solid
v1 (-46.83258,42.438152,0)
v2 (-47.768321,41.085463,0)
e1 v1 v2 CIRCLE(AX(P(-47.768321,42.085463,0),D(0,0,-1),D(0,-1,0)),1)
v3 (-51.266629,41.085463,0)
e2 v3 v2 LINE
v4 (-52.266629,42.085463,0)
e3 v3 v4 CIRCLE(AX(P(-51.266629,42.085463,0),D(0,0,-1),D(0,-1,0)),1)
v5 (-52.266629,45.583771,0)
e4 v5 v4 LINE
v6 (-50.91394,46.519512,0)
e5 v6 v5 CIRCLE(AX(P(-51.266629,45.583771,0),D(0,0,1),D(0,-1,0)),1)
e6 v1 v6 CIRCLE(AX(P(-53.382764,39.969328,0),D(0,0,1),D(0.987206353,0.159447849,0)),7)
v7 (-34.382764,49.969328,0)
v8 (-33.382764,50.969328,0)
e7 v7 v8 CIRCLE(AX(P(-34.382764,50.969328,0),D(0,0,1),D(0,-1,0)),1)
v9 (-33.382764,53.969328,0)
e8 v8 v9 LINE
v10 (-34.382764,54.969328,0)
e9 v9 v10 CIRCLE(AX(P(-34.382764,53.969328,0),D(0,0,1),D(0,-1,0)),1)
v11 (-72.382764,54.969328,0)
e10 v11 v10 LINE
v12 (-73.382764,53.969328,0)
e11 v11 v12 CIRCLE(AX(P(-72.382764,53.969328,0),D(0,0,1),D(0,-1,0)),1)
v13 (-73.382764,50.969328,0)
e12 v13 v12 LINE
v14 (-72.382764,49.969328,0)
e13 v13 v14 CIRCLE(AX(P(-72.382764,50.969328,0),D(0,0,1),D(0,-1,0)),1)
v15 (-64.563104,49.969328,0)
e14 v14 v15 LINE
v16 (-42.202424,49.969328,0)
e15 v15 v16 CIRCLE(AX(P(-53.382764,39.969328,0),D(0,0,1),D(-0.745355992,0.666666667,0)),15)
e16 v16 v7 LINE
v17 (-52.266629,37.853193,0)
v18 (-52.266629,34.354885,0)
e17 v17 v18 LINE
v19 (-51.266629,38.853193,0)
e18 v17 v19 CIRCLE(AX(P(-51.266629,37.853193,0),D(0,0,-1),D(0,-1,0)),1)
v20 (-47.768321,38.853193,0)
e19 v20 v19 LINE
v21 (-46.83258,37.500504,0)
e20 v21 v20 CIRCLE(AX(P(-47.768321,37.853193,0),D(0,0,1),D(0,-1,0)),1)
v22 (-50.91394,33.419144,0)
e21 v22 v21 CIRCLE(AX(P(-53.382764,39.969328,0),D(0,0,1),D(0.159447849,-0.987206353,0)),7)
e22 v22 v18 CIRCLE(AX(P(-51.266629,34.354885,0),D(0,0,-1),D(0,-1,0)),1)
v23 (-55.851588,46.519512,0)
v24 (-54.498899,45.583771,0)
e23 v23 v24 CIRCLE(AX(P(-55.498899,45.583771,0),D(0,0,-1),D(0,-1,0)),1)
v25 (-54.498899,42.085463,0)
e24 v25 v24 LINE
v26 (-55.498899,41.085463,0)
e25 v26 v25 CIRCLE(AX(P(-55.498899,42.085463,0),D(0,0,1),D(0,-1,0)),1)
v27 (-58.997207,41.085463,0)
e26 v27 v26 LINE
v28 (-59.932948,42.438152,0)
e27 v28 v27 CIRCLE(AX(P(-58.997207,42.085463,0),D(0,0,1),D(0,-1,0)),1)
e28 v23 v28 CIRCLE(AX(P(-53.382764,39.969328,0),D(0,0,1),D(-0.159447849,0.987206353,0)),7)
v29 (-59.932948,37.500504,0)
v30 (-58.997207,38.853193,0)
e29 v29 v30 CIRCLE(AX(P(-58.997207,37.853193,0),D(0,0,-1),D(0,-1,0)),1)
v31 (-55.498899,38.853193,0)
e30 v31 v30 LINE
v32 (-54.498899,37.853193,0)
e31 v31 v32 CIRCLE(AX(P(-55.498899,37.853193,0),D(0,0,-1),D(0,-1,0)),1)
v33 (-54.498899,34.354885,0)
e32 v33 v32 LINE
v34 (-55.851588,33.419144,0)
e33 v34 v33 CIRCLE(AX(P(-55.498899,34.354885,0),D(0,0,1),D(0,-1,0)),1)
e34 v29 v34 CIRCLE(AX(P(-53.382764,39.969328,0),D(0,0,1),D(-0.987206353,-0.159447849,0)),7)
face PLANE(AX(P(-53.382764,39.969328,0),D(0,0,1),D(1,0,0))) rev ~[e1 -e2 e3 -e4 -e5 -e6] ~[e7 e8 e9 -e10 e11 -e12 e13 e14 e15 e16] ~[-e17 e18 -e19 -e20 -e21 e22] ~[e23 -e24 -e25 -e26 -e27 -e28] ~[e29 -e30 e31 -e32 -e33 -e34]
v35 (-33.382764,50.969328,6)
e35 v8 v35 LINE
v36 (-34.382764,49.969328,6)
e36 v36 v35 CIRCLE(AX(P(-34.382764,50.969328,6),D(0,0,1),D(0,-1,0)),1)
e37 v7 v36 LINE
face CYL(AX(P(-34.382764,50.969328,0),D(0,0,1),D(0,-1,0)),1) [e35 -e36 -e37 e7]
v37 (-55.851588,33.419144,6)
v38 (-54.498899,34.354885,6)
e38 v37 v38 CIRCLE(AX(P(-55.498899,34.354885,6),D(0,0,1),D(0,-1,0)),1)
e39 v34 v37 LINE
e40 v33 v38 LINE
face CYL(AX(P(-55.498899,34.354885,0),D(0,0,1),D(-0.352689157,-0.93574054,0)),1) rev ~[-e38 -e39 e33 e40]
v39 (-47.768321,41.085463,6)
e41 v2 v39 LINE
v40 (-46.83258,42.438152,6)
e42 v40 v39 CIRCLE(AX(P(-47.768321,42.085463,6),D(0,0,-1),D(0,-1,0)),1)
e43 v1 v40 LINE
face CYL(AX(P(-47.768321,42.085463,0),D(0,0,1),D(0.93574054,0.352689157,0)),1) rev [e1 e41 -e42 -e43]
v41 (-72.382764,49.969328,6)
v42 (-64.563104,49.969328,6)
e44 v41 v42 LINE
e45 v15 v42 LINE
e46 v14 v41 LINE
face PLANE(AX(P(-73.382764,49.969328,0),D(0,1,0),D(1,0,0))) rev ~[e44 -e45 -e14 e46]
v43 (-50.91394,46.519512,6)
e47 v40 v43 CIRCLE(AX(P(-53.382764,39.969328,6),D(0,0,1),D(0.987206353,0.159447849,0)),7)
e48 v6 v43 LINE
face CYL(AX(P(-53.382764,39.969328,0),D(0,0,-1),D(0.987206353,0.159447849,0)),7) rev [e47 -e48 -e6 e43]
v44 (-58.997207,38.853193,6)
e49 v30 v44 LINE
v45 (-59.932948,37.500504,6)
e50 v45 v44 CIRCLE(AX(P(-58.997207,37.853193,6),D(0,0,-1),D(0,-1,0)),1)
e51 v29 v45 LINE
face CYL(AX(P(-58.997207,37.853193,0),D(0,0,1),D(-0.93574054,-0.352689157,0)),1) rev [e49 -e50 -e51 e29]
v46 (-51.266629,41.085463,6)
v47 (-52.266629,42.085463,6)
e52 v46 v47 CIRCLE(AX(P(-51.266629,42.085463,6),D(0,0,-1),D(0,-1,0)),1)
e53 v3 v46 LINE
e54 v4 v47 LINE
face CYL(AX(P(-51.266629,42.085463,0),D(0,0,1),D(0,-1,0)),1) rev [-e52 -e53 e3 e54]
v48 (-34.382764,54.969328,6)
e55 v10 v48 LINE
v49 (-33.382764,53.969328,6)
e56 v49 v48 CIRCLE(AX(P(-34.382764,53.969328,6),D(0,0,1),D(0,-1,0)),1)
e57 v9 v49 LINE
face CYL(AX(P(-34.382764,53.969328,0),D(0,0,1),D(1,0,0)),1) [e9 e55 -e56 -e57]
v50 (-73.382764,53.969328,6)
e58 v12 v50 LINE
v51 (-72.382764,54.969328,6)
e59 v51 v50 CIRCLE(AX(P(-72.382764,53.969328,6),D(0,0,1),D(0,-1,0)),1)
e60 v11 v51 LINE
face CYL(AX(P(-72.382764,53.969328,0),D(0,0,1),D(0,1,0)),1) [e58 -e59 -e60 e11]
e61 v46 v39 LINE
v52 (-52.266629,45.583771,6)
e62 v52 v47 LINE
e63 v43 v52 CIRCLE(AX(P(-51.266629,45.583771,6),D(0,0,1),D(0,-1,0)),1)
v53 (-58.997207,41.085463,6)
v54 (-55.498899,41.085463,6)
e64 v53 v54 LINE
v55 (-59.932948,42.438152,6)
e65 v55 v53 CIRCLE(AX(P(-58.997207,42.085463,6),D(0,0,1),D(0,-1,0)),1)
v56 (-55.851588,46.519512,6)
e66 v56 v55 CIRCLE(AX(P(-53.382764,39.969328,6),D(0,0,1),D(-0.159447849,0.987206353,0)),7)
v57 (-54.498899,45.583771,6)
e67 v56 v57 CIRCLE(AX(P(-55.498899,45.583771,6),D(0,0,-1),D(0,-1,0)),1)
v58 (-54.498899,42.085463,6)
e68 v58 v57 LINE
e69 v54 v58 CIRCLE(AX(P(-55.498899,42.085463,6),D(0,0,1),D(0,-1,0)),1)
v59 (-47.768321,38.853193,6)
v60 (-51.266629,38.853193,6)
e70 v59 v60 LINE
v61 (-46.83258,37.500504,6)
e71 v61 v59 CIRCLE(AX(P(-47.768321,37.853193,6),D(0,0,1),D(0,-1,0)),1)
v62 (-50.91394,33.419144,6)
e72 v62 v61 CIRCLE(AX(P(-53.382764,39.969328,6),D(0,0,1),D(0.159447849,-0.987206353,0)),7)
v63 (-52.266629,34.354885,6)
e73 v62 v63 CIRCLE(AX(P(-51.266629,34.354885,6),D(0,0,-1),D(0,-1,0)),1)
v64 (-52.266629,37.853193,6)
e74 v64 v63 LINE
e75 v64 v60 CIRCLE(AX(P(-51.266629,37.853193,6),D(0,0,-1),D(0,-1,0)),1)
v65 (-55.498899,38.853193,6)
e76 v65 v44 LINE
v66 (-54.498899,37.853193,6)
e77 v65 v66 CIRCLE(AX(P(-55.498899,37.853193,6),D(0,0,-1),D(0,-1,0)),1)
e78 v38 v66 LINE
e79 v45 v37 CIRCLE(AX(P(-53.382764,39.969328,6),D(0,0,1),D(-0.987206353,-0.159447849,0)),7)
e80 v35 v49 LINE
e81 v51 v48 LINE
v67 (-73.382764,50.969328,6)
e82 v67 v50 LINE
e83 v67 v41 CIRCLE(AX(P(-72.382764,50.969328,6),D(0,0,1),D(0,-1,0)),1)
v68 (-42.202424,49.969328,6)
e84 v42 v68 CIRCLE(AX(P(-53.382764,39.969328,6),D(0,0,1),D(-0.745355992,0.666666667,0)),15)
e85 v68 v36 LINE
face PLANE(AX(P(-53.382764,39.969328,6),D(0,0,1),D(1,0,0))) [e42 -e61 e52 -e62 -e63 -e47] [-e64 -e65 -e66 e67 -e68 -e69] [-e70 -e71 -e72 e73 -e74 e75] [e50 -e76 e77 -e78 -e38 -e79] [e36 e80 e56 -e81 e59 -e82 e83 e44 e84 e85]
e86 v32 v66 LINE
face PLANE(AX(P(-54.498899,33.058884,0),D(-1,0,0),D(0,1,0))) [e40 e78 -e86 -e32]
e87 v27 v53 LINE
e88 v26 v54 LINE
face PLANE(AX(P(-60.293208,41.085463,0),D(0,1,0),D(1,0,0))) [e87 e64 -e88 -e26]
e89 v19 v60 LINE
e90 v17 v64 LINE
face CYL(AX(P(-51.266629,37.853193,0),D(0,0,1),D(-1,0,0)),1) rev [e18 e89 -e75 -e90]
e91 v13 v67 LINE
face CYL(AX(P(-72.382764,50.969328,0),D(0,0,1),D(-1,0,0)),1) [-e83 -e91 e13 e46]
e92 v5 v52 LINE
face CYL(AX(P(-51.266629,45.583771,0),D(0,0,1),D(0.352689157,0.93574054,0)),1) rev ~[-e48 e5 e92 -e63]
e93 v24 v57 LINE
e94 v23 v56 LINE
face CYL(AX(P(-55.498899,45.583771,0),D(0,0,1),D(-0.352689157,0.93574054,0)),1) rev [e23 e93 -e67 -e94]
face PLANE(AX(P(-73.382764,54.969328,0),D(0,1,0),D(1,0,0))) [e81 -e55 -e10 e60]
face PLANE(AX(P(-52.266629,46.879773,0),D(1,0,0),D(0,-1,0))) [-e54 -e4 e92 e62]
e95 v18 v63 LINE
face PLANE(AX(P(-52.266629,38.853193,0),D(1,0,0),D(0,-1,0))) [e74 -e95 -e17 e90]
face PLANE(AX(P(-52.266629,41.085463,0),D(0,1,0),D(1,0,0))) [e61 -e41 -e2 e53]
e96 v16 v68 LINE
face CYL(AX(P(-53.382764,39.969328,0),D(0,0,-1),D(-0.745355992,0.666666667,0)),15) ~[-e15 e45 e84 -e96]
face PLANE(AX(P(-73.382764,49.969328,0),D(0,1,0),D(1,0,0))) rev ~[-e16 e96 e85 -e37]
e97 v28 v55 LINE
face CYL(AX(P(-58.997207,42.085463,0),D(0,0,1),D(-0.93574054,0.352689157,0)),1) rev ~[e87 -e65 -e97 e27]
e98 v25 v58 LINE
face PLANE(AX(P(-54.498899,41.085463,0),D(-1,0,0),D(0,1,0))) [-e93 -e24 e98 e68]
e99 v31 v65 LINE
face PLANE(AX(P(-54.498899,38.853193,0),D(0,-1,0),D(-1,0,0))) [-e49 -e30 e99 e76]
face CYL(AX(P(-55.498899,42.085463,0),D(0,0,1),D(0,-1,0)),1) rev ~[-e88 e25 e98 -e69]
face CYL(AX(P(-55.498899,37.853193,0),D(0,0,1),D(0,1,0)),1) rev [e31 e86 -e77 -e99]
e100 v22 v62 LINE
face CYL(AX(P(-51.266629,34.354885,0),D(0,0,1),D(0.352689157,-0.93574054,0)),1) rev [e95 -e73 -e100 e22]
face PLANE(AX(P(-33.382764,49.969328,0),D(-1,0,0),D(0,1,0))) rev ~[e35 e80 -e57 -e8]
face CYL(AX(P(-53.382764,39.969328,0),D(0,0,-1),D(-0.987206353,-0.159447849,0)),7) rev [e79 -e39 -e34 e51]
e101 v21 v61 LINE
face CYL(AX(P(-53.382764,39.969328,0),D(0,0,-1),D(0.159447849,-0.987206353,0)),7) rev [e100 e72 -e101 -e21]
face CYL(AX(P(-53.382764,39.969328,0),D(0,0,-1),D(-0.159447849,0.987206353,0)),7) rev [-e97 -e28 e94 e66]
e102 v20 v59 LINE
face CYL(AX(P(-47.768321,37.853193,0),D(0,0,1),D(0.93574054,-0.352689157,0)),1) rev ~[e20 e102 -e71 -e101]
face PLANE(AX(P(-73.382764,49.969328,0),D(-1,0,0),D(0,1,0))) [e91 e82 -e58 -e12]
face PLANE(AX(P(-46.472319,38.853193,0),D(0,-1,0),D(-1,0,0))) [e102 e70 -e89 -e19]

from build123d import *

# Parameters (mm, degrees)
SKETCH2_W           = 40
SKETCH2_H           = 5
SKETCH2_R           = 10
BOSS_EXTRUDE2_DEPTH = 6
FILLET1_R           = 1
FILLET2_R           = 1
FILLET3_R           = 1


with BuildPart() as part:
    # Sketch2 → Boss-Extrude2 (new body)
    # profile 1 of 3: a face of its own
    with BuildSketch(Plane.XY):
        with BuildLine():
            ThreePointArc((-64.563103681, 49.969328221), (-53.382763794, 24.969328221), (-42.202423906, 49.969328221))
            Line((-42.202423906, 49.969328221), (-53.382763794, 49.969328221))
            Line((-53.382763794, 49.969328221), (-64.563103681, 49.969328221))
        make_face()
        with BuildLine():
            ThreePointArc((-43.382763794, 39.969328221), (-60.453831606, 32.89826041), (-53.382763794, 49.969328221))
            ThreePointArc((-53.382763794, 49.969328221), (-46.311695982, 47.040396033), (-43.382763794, 39.969328221))
        make_face(mode=Mode.SUBTRACT)
    # profile 2 of 3: a face of its own
    with BuildSketch(Plane.XY):
        with Locations((-53.382763794, 52.469328221)):
            Rectangle(SKETCH2_W, SKETCH2_H)
    # profile 3 of 3: a face of its own
    with BuildSketch(Plane.XY):
        with Locations((-53.382763794, 39.969328221)):
            Circle(SKETCH2_R)
        with BuildLine():
            ThreePointArc((-52.266628854, 33.05888375), (-48.433016326, 35.019580753), (-46.472319322, 38.853193281))
            Line((-46.472319322, 38.853193281), (-52.266628854, 38.853193281))
            Line((-52.266628854, 38.853193281), (-52.266628854, 33.05888375))
        make_face(mode=Mode.SUBTRACT)
        with BuildLine():
            ThreePointArc((-60.293208266, 38.853193281), (-58.332511262, 35.019580753), (-54.498898734, 33.05888375))
            Line((-54.498898734, 33.05888375), (-54.498898734, 38.853193281))
            Line((-54.498898734, 38.853193281), (-60.293208266, 38.853193281))
        make_face(mode=Mode.SUBTRACT)
        with BuildLine():
            ThreePointArc((-46.472319322, 41.085463162), (-48.433016326, 44.91907569), (-52.266628854, 46.879772693))
            Line((-52.266628854, 46.879772693), (-52.266628854, 41.085463162))
            Line((-52.266628854, 41.085463162), (-46.472319322, 41.085463162))
        make_face(mode=Mode.SUBTRACT)
        with BuildLine():
            ThreePointArc((-54.498898734, 46.879772693), (-58.332511262, 44.91907569), (-60.293208266, 41.085463162))
            Line((-60.293208266, 41.085463162), (-54.498898734, 41.085463162))
            Line((-54.498898734, 41.085463162), (-54.498898734, 46.879772693))
        make_face(mode=Mode.SUBTRACT)
    extrude(amount=BOSS_EXTRUDE2_DEPTH)

    # Fillet1
    fillet1_edges = [part.edges().sort_by_distance(p)[0] for p in [
        (-60.293208266, 41.085463162, 3),
        (-54.498898734, 41.085463162, 3),
        (-54.498898734, 46.879772693, 3),
        (-52.266628854, 46.879772693, 3),
        (-52.266628854, 41.085463162, 3),
        (-46.472319322, 41.085463162, 3),
        (-54.498898734, 33.05888375, 3),
        (-60.293208266, 38.853193281, 3),
        (-46.472319322, 38.853193281, 3),
        (-52.266628854, 33.05888375, 3),
    ]]
    fillet(fillet1_edges, radius=FILLET1_R)

    # Fillet2
    fillet2_edges = [part.edges().sort_by_distance(p)[0] for p in [
        (-54.498898734, 38.853193281, 3),
        (-52.266628854, 38.853193281, 3),
    ]]
    fillet(fillet2_edges, radius=FILLET2_R)

    # Fillet3
    fillet3_edges = [part.edges().sort_by_distance(p)[0] for p in [
        (-73.382763794, 49.969328221, 3),
        (-73.382763794, 54.969328221, 3),
        (-33.382763794, 54.969328221, 3),
        (-33.382763794, 49.969328221, 3),
    ]]
    fillet(fillet3_edges, radius=FILLET3_R)


solid = part.part
